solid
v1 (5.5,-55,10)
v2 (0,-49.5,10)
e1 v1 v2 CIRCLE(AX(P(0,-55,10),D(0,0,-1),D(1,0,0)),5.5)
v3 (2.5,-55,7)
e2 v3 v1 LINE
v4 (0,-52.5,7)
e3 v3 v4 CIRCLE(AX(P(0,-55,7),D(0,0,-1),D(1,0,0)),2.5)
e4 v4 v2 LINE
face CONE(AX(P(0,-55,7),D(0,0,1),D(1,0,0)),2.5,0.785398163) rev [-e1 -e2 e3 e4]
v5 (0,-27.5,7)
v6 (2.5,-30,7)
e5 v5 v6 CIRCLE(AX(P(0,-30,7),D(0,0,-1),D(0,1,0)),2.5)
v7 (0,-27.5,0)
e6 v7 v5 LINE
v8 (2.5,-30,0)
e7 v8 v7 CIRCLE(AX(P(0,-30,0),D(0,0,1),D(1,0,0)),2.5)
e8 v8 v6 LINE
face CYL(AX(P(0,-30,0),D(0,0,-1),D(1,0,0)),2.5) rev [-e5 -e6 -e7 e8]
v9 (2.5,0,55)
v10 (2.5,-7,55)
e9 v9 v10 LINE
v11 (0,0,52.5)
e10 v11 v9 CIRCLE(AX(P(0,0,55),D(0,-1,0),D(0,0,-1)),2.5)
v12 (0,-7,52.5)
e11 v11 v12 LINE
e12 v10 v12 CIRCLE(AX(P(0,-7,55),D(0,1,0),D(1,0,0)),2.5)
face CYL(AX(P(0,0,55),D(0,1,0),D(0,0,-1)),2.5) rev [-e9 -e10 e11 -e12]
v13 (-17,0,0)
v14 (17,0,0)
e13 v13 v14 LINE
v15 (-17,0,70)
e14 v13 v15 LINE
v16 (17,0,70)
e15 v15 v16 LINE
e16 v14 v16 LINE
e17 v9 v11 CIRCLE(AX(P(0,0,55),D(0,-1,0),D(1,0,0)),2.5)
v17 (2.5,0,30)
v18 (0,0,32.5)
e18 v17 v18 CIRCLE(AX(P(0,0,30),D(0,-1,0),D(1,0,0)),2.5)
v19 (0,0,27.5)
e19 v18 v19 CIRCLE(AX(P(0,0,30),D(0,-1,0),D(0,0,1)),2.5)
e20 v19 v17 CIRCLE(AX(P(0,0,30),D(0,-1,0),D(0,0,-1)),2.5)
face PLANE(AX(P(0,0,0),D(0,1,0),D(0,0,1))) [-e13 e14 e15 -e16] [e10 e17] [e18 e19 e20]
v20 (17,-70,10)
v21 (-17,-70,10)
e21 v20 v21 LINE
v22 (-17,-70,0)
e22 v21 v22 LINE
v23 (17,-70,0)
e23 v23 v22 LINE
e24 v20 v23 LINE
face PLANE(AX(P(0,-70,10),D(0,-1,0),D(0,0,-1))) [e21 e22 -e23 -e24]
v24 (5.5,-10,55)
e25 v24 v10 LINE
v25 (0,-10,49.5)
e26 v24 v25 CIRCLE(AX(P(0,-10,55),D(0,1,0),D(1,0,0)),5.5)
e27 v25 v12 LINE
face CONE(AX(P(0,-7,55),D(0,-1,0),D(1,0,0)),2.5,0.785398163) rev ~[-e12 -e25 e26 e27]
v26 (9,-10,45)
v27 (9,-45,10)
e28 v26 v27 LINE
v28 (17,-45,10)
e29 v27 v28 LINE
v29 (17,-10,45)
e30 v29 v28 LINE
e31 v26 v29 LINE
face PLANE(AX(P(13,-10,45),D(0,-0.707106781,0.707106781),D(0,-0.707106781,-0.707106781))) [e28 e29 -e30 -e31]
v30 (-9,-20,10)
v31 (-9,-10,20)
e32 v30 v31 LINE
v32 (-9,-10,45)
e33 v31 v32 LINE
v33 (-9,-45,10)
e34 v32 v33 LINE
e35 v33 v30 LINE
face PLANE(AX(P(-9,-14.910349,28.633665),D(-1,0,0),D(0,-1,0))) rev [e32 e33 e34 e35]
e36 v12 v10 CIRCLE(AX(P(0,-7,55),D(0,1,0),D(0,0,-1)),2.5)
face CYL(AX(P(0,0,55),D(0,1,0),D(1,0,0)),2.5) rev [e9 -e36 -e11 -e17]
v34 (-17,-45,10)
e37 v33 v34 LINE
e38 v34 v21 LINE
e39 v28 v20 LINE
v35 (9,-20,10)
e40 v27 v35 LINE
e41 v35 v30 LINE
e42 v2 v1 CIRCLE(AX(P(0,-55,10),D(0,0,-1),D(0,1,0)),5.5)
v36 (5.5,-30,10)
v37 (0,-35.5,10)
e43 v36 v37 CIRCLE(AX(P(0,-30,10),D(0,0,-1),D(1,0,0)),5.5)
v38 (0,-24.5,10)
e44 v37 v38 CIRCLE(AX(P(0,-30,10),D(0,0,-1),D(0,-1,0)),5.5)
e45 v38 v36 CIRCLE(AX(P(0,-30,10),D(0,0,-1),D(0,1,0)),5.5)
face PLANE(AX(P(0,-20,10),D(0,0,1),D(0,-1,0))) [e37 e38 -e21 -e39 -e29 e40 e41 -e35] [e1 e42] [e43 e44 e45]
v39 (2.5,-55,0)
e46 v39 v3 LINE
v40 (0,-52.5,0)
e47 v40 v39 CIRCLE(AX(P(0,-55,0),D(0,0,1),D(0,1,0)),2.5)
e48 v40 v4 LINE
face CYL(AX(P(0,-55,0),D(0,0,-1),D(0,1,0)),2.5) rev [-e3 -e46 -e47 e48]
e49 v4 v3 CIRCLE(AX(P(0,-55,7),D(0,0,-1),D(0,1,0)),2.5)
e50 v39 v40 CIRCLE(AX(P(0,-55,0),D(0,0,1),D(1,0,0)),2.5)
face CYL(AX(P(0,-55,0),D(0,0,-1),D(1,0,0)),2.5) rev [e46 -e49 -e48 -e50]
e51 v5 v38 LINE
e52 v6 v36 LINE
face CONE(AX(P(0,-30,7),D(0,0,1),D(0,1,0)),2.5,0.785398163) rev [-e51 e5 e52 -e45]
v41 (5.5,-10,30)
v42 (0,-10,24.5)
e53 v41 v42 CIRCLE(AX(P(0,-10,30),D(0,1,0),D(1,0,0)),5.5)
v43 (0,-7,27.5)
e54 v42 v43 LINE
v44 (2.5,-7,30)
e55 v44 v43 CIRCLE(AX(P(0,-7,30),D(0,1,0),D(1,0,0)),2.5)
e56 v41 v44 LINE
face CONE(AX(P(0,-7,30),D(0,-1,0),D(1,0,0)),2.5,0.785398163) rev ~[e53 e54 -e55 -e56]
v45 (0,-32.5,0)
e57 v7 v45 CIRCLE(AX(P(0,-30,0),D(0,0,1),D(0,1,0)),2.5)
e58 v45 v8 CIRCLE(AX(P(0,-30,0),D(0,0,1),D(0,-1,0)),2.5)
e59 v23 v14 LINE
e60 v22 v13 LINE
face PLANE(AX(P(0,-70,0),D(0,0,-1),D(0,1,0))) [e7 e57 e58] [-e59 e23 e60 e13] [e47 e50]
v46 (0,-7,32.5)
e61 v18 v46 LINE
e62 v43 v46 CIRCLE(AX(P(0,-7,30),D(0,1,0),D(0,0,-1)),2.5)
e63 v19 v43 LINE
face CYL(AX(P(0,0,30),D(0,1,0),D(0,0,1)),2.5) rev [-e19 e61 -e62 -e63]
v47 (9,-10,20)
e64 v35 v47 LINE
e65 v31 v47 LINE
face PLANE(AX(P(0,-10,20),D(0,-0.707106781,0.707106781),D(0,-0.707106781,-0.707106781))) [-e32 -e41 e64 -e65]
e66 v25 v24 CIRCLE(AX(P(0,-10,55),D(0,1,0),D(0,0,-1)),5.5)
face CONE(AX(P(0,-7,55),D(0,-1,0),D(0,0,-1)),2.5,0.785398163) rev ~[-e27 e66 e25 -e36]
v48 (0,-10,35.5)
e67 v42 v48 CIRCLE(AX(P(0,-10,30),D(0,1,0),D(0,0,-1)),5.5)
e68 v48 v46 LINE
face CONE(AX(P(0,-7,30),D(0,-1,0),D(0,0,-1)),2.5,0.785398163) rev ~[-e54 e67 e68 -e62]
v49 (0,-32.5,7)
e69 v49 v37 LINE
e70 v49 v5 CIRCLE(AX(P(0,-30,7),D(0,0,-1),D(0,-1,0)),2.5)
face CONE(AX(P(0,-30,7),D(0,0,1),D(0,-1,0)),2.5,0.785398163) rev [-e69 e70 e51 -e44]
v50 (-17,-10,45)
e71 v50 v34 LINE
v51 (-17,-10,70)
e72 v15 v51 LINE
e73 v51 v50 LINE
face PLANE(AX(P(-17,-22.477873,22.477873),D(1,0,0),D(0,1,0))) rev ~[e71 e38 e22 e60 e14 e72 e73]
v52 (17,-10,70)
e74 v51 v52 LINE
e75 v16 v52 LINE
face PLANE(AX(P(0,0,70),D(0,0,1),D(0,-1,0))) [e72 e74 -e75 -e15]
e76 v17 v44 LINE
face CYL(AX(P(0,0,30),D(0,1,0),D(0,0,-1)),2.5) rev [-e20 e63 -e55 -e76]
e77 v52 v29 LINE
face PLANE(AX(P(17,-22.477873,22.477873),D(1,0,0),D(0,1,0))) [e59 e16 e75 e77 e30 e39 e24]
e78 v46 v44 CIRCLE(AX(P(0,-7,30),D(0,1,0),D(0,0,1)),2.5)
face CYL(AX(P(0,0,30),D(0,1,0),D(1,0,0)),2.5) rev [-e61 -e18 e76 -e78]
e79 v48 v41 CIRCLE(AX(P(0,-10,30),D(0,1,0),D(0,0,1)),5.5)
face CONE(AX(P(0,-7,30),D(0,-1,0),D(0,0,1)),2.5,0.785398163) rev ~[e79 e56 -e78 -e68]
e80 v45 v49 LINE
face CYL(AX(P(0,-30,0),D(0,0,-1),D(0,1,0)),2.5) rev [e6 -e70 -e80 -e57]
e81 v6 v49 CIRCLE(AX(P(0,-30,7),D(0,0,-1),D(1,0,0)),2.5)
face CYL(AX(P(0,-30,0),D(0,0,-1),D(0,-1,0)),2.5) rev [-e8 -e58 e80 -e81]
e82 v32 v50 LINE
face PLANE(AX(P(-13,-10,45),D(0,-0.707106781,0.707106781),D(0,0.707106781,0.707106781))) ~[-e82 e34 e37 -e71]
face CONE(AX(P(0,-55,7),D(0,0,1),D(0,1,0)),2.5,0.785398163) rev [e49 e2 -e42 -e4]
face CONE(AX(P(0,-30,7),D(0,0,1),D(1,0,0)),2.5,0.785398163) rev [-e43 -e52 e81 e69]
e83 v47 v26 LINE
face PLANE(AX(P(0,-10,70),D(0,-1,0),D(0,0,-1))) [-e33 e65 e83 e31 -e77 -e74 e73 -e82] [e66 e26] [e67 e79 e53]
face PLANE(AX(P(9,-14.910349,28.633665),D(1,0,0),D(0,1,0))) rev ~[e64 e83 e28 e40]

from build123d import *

# Parameters (mm, degrees)
F1_DEPTH  = 17
F3_DEPTH  = 25
F6_DEPTH  = 25
F8_SIZE   = 3
F9_W      = 25
F9_H      = 10
F10_DEPTH = 4


with BuildPart() as f1:
    # F0 (on Right) → F1 (new body, symmetric)
    with BuildSketch(Plane.YZ):
        Polygon((-70, 0), (0, 0), (0, 70), (-10, 70), (-10, 20), (-20, 10), (-70, 10), align=None)
    extrude(amount=F1_DEPTH, both=True)


with BuildPart() as f3:
    # F2 (on Front) → F3 (new body)
    with BuildSketch(Plane.XZ):
        with BuildLine():
            ThreePointArc((0, 32.5), (-2.5, 30), (0, 27.5))
            Line((0, 27.5), (0, 30))
            Line((0, 30), (0, 32.5))
        make_face()
        with BuildLine():
            Line((0, 30), (0, 27.5))
            ThreePointArc((0, 27.5), (1.767766953, 28.232233047), (2.5, 30))
            ThreePointArc((2.5, 30), (1.767766953, 31.767766953), (0, 32.5))
            Line((0, 32.5), (0, 30))
        make_face()
    extrude(amount=F3_DEPTH)


with BuildPart() as f3b:
    # F2 (on Front) → F3, piece 2 (new body)
    with BuildSketch(Plane.XZ):
        with BuildLine():
            ThreePointArc((2.5, 55), (-1.767766953, 56.767766953), (0, 52.5))
            ThreePointArc((0, 52.5), (1.767766953, 53.232233047), (2.5, 55))
        make_face()
    extrude(amount=F3_DEPTH)


with BuildPart() as f1_1:
    add(f1.part)

    # F4: cut F3b, F3
    add(f3b.part, mode=Mode.SUBTRACT)
    add(f3.part, mode=Mode.SUBTRACT)


with BuildPart() as f6:
    # F5 (on Top) → F6 (new body)
    with BuildSketch(Plane.XY):
        with BuildLine():
            ThreePointArc((2.5, -30), (1.767766953, -28.232233047), (0, -27.5))
            Line((0, -27.5), (0, -30))
            Line((0, -30), (0, -32.5))
            ThreePointArc((0, -32.5), (1.767766953, -31.767766953), (2.5, -30))
        make_face()
        with BuildLine():
            Line((0, -30), (0, -27.5))
            ThreePointArc((0, -27.5), (-2.5, -30), (0, -32.5))
            Line((0, -32.5), (0, -30))
        make_face()
    extrude(amount=F6_DEPTH)


with BuildPart() as f6b:
    # F5 (on Top) → F6, piece 2 (new body)
    with BuildSketch(Plane.XY):
        with BuildLine():
            ThreePointArc((2.5, -55), (1.767766953, -53.232233047), (0, -52.5))
            ThreePointArc((0, -52.5), (-1.767766953, -56.767766953), (2.5, -55))
        make_face()
    extrude(amount=F6_DEPTH)


with BuildPart() as f1_2:
    add(f1_1.part)

    # F7: cut F6, F6b
    add(f6.part, mode=Mode.SUBTRACT)
    add(f6b.part, mode=Mode.SUBTRACT)

    # F8
    f8_edges = [f1_2.edges().sort_by_distance(p)[0] for p in [
        (-2.5, -30, 10),
        (-2.5, -55, 10),
        (0, -10, 32.5),
        (0, -10, 57.5),
    ]]
    chamfer(f8_edges, length=F8_SIZE)



with BuildPart() as f10:
    # F9 (on Right) → F10 (new body, symmetric)
    with BuildSketch(Plane.YZ):
        Polygon((-45, 0), (0, 0), (0, 70), (-10, 70), (-10, 45), (-45, 10), align=None)
        with Locations((-57.5, 5)):
            Rectangle(F9_W, F9_H)
    extrude(amount=F10_DEPTH, both=True)


with BuildPart() as f10_1:
    # F11: moved
    add(f10.part.moved(Location((13, 0, 0))))


with BuildPart() as f1_3:
    add(f1_2.part)

    add(f10_1.part)  # F12 merges F10
    # F12: F10 across plane
    add(f10_1.part.mirror(Plane.YZ))


solid = f1_3.part
